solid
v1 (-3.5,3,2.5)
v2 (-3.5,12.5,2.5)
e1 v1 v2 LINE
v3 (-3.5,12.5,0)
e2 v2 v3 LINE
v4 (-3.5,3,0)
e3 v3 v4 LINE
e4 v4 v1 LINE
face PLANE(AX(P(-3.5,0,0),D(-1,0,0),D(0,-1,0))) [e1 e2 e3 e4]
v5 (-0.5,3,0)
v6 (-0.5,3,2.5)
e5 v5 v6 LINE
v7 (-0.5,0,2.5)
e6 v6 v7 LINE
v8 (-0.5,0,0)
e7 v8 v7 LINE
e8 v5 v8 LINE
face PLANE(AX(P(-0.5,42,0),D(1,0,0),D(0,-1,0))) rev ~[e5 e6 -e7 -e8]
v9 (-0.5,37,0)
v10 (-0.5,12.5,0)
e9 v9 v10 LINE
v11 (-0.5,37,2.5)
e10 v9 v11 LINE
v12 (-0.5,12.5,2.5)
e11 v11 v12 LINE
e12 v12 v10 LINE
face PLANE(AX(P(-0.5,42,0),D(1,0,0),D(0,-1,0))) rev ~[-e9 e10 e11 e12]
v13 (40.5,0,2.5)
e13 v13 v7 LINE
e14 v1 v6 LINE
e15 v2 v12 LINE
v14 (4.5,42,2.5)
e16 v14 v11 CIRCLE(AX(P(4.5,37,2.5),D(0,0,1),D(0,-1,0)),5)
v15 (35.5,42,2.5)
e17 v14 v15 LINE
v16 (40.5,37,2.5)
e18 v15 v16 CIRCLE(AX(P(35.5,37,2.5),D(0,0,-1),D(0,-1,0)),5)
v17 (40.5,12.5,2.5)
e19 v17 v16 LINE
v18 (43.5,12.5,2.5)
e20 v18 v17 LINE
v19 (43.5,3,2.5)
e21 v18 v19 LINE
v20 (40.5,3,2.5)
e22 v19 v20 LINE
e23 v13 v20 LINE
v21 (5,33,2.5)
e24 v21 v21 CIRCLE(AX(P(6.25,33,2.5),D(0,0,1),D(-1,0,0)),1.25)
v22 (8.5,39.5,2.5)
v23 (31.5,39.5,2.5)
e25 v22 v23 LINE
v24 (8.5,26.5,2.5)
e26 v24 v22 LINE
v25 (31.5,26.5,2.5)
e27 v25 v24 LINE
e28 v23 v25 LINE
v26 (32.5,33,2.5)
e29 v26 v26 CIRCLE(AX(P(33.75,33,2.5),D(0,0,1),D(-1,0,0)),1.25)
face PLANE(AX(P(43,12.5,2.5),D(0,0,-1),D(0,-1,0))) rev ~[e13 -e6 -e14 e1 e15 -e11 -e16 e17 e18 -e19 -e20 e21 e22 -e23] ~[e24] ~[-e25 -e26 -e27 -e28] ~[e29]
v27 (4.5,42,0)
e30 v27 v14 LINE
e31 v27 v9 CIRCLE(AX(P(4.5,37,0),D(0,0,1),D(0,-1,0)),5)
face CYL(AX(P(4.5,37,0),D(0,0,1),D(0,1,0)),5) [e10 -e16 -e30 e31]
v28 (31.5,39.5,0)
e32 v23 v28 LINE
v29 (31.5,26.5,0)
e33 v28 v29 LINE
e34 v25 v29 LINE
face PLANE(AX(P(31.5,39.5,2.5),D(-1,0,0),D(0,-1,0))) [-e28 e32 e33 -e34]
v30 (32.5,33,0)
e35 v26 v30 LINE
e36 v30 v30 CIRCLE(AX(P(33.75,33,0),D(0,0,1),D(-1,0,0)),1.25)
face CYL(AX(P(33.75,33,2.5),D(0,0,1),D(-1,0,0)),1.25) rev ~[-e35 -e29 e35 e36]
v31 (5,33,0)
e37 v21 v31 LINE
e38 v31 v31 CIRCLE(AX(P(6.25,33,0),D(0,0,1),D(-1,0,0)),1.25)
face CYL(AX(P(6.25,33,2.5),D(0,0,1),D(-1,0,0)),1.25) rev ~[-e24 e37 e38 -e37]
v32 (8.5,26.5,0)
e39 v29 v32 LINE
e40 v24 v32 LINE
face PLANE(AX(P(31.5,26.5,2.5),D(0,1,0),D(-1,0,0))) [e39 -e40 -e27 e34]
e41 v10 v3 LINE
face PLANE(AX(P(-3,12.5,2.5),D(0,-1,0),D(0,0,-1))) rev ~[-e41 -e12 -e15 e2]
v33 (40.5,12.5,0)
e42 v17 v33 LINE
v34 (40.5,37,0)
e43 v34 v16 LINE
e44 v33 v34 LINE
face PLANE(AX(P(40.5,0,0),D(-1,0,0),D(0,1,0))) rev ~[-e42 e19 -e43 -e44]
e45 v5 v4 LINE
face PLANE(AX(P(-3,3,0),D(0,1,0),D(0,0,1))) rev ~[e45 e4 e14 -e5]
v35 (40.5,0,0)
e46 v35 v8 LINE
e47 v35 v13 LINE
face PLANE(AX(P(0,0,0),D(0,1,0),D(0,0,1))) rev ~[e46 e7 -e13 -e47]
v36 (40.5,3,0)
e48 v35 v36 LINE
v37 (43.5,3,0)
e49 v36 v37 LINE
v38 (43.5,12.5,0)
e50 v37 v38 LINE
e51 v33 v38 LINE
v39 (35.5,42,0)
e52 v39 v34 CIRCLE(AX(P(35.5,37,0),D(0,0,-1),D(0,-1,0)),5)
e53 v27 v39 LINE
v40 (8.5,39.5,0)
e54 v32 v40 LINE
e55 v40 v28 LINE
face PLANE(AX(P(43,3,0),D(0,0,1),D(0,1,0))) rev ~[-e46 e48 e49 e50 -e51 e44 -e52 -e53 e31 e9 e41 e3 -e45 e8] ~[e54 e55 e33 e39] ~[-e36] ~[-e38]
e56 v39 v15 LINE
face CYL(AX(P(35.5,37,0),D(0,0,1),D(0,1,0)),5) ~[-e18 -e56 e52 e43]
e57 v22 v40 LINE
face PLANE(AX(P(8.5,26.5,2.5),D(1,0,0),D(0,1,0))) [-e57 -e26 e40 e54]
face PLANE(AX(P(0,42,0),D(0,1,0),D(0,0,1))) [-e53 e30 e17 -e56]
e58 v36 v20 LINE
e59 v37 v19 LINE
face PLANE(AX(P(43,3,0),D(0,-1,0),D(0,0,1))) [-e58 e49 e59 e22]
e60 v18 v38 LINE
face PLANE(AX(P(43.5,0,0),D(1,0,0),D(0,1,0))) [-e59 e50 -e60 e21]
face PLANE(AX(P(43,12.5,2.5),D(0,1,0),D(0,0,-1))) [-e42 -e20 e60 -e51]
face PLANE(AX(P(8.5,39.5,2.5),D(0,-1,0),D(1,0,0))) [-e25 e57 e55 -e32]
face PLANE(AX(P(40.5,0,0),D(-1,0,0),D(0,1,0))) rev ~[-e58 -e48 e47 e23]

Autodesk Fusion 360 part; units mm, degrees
sketch "Sketch1" plane through (0, 0, 0) normal (0, 0, 1) x (1, 0, 0)
  line L0 (0, 0) -> (40, 0)
  line L1 (40, 0) -> (40, 42)
  line L2 (40, 42) -> (0, 42)
  line L3 (0, 42) -> (0, 0)
  dimension "d1" = 40
  dimension "d2" = 42
extrude "Extrude1" add sketch "Sketch1" along normal blind 2.5
sketch "Sketch2" plane through (40, 0, 0) normal (1, 0, 0) x (0, 1, 0)
  line L0 (0, 0) -> (42, 0)
  line L1 (42, 0) -> (42, 2.5)
  line L2 (42, 2.5) -> (0, 2.5)
  line L3 (0, 2.5) -> (0, 0)
  line L4 (3, 2.5) -> (12.5, 2.5)
  line L5 (12.5, 2.5) -> (12.5, 0)
  line L6 (12.5, 0) -> (3, 0)
  line L7 (3, 0) -> (3, 2.5)
  dimension "d5" = 9.5
  dimension "d6" = 3
extrude "Extrude2" add sketch "Sketch2" along normal blind 3 contours L0 L2 L4 L5 L6 L7
sketch "Sketch3" plane through (0, 0, 0) normal (-1, 0, 0) x (0, -1, 0)
  line L0 (-42, 0) -> (0, 0)
  line L1 (0, 0) -> (0, 2.5)
  line L2 (0, 2.5) -> (-42, 2.5)
  line L3 (-42, 2.5) -> (-42, 0)
  line L4 (-3, 2.5) -> (-12.5, 2.5)
  line L5 (-12.5, 2.5) -> (-12.5, 0)
  line L6 (-12.5, 0) -> (-3, 0)
  line L7 (-3, 0) -> (-3, 2.5)
  dimension "d9" = 9.5
  dimension "d10" = 2.5
  dimension "d11" = 3
extrude "Extrude3" add sketch "Sketch3" along normal blind 3 contours L0 L2 L4 L5 L6 L7
sketch "Sketch4" plane through (0, 0, 2.5) normal (0, 0, 1) x (-1, 0, 0)
  line L0 (0, -42) -> (0, -12.5)
  line L1 (0, -12.5) -> (3, -12.5)
  line L2 (3, -12.5) -> (3, -3)
  line L3 (3, -3) -> (0, -3)
  line L4 (0, -3) -> (0, 0)
  line L5 (0, 0) -> (-40, 0)
  line L6 (-40, 0) -> (-40, -3)
  line L7 (-40, -3) -> (-43, -3)
  line L8 (-43, -3) -> (-43, -12.5)
  line L9 (-43, -12.5) -> (-40, -12.5)
  line L10 (-40, -12.5) -> (-40, -42)
  line L11 (-40, -42) -> (0, -42)
  line L12 (-8.5, -39.5) -> (-31.5, -39.5)
  line L13 (-31.5, -39.5) -> (-31.5, -26.5)
  line L14 (-31.5, -26.5) -> (-8.5, -26.5)
  line L15 (-8.5, -26.5) -> (-8.5, -39.5)
  dimension "d14" = 23
  dimension "d15" = 13
  dimension "d16" = 8.5
  dimension "d17" = 14
extrude "Extrude4" cut sketch "Sketch4" against normal blind 3 contours L12 L13 L14 L15
sketch "Sketch5" plane through (0, 0, 2.5) normal (0, 0, 1) x (-1, 0, 0)
  line L0 (-31.5, -39.5) -> (-31.5, -26.5)
  line L1 (-31.5, -26.5) -> (-8.5, -26.5)
  line L2 (-8.5, -26.5) -> (-8.5, -39.5)
  line L3 (-8.5, -39.5) -> (-31.5, -39.5)
  line L4 (0, -42) -> (0, -12.5)
  line L5 (0, -12.5) -> (3, -12.5)
  line L6 (3, -12.5) -> (3, -3)
  line L7 (3, -3) -> (0, -3)
  line L8 (0, -3) -> (0, 0)
  line L9 (0, 0) -> (-40, 0)
  line L10 (-40, 0) -> (-40, -3)
  line L11 (-40, -3) -> (-43, -3)
  line L12 (-43, -3) -> (-43, -12.5)
  line L13 (-43, -12.5) -> (-40, -12.5)
  line L14 (-40, -12.5) -> (-40, -42)
  line L15 (-40, -42) -> (0, -42)
  circle A0 centre (-6.25, -33) radius 1.25
  dimension "d24" = 2.5
  dimension "d25" = 2.25
  dimension "d26" = 6.5
extrude "Extrude5" cut sketch "Sketch5" against normal blind 3 contours A0
sketch "Sketch6" plane through (0, 0, 2.5) normal (0, 0, 1) x (-1, 0, 0)
  circle A0 centre (-6.25, -33) radius 1.25
  line L0 (-31.5, -39.5) -> (-31.5, -26.5)
  line L1 (-31.5, -26.5) -> (-8.5, -26.5)
  line L2 (-8.5, -26.5) -> (-8.5, -39.5)
  line L3 (-8.5, -39.5) -> (-31.5, -39.5)
  line L4 (0, -42) -> (0, -12.5)
  line L5 (0, -12.5) -> (3, -12.5)
  line L6 (3, -12.5) -> (3, -3)
  line L7 (3, -3) -> (0, -3)
  line L8 (0, -3) -> (0, 0)
  line L9 (0, 0) -> (-40, 0)
  line L10 (-40, 0) -> (-40, -3)
  line L11 (-40, -3) -> (-43, -3)
  line L12 (-43, -3) -> (-43, -12.5)
  line L13 (-43, -12.5) -> (-40, -12.5)
  line L14 (-40, -12.5) -> (-40, -42)
  line L15 (-40, -42) -> (0, -42)
  circle A1 centre (-33.75, -33) radius 1.25
  dimension "d29" = 2.5
  dimension "d30" = 2.25
  dimension "d31" = 6.5
extrude "Extrude6" cut sketch "Sketch6" against normal blind 3 contours A1
extrude "Extrude7" add 1 faces at (40, 22.3333, 0.8333) along direction (1, 0, 0) blind 0.5
extrude "Extrude8" add 1 faces at (40, 2, 1.6667) along direction (1, 0, 0) blind 0.5
extrude "Extrude9" add 1 faces at (0, 32.1667, 0.8333) along direction (-1, 0, 0) blind 0.5
extrude "Extrude10" add 1 faces at (0, 1, 1.6667) along direction (-1, 0, 0) blind 0.5
extrude "Extrude11" add 1 faces at (-3, 9.3333, 1.6667) along direction (-1, 0, 0) blind 0.5
extrude "Extrude12" add 1 faces at (43, 6.1667, 1.6667) along direction (1, 0, 0) blind 0.5
fillet "Fillet3" radius 5 1 edges at (-0.5, 42, 1.25)
fillet "Fillet4" radius 5 1 edges at (40.5, 42, 1.25)
